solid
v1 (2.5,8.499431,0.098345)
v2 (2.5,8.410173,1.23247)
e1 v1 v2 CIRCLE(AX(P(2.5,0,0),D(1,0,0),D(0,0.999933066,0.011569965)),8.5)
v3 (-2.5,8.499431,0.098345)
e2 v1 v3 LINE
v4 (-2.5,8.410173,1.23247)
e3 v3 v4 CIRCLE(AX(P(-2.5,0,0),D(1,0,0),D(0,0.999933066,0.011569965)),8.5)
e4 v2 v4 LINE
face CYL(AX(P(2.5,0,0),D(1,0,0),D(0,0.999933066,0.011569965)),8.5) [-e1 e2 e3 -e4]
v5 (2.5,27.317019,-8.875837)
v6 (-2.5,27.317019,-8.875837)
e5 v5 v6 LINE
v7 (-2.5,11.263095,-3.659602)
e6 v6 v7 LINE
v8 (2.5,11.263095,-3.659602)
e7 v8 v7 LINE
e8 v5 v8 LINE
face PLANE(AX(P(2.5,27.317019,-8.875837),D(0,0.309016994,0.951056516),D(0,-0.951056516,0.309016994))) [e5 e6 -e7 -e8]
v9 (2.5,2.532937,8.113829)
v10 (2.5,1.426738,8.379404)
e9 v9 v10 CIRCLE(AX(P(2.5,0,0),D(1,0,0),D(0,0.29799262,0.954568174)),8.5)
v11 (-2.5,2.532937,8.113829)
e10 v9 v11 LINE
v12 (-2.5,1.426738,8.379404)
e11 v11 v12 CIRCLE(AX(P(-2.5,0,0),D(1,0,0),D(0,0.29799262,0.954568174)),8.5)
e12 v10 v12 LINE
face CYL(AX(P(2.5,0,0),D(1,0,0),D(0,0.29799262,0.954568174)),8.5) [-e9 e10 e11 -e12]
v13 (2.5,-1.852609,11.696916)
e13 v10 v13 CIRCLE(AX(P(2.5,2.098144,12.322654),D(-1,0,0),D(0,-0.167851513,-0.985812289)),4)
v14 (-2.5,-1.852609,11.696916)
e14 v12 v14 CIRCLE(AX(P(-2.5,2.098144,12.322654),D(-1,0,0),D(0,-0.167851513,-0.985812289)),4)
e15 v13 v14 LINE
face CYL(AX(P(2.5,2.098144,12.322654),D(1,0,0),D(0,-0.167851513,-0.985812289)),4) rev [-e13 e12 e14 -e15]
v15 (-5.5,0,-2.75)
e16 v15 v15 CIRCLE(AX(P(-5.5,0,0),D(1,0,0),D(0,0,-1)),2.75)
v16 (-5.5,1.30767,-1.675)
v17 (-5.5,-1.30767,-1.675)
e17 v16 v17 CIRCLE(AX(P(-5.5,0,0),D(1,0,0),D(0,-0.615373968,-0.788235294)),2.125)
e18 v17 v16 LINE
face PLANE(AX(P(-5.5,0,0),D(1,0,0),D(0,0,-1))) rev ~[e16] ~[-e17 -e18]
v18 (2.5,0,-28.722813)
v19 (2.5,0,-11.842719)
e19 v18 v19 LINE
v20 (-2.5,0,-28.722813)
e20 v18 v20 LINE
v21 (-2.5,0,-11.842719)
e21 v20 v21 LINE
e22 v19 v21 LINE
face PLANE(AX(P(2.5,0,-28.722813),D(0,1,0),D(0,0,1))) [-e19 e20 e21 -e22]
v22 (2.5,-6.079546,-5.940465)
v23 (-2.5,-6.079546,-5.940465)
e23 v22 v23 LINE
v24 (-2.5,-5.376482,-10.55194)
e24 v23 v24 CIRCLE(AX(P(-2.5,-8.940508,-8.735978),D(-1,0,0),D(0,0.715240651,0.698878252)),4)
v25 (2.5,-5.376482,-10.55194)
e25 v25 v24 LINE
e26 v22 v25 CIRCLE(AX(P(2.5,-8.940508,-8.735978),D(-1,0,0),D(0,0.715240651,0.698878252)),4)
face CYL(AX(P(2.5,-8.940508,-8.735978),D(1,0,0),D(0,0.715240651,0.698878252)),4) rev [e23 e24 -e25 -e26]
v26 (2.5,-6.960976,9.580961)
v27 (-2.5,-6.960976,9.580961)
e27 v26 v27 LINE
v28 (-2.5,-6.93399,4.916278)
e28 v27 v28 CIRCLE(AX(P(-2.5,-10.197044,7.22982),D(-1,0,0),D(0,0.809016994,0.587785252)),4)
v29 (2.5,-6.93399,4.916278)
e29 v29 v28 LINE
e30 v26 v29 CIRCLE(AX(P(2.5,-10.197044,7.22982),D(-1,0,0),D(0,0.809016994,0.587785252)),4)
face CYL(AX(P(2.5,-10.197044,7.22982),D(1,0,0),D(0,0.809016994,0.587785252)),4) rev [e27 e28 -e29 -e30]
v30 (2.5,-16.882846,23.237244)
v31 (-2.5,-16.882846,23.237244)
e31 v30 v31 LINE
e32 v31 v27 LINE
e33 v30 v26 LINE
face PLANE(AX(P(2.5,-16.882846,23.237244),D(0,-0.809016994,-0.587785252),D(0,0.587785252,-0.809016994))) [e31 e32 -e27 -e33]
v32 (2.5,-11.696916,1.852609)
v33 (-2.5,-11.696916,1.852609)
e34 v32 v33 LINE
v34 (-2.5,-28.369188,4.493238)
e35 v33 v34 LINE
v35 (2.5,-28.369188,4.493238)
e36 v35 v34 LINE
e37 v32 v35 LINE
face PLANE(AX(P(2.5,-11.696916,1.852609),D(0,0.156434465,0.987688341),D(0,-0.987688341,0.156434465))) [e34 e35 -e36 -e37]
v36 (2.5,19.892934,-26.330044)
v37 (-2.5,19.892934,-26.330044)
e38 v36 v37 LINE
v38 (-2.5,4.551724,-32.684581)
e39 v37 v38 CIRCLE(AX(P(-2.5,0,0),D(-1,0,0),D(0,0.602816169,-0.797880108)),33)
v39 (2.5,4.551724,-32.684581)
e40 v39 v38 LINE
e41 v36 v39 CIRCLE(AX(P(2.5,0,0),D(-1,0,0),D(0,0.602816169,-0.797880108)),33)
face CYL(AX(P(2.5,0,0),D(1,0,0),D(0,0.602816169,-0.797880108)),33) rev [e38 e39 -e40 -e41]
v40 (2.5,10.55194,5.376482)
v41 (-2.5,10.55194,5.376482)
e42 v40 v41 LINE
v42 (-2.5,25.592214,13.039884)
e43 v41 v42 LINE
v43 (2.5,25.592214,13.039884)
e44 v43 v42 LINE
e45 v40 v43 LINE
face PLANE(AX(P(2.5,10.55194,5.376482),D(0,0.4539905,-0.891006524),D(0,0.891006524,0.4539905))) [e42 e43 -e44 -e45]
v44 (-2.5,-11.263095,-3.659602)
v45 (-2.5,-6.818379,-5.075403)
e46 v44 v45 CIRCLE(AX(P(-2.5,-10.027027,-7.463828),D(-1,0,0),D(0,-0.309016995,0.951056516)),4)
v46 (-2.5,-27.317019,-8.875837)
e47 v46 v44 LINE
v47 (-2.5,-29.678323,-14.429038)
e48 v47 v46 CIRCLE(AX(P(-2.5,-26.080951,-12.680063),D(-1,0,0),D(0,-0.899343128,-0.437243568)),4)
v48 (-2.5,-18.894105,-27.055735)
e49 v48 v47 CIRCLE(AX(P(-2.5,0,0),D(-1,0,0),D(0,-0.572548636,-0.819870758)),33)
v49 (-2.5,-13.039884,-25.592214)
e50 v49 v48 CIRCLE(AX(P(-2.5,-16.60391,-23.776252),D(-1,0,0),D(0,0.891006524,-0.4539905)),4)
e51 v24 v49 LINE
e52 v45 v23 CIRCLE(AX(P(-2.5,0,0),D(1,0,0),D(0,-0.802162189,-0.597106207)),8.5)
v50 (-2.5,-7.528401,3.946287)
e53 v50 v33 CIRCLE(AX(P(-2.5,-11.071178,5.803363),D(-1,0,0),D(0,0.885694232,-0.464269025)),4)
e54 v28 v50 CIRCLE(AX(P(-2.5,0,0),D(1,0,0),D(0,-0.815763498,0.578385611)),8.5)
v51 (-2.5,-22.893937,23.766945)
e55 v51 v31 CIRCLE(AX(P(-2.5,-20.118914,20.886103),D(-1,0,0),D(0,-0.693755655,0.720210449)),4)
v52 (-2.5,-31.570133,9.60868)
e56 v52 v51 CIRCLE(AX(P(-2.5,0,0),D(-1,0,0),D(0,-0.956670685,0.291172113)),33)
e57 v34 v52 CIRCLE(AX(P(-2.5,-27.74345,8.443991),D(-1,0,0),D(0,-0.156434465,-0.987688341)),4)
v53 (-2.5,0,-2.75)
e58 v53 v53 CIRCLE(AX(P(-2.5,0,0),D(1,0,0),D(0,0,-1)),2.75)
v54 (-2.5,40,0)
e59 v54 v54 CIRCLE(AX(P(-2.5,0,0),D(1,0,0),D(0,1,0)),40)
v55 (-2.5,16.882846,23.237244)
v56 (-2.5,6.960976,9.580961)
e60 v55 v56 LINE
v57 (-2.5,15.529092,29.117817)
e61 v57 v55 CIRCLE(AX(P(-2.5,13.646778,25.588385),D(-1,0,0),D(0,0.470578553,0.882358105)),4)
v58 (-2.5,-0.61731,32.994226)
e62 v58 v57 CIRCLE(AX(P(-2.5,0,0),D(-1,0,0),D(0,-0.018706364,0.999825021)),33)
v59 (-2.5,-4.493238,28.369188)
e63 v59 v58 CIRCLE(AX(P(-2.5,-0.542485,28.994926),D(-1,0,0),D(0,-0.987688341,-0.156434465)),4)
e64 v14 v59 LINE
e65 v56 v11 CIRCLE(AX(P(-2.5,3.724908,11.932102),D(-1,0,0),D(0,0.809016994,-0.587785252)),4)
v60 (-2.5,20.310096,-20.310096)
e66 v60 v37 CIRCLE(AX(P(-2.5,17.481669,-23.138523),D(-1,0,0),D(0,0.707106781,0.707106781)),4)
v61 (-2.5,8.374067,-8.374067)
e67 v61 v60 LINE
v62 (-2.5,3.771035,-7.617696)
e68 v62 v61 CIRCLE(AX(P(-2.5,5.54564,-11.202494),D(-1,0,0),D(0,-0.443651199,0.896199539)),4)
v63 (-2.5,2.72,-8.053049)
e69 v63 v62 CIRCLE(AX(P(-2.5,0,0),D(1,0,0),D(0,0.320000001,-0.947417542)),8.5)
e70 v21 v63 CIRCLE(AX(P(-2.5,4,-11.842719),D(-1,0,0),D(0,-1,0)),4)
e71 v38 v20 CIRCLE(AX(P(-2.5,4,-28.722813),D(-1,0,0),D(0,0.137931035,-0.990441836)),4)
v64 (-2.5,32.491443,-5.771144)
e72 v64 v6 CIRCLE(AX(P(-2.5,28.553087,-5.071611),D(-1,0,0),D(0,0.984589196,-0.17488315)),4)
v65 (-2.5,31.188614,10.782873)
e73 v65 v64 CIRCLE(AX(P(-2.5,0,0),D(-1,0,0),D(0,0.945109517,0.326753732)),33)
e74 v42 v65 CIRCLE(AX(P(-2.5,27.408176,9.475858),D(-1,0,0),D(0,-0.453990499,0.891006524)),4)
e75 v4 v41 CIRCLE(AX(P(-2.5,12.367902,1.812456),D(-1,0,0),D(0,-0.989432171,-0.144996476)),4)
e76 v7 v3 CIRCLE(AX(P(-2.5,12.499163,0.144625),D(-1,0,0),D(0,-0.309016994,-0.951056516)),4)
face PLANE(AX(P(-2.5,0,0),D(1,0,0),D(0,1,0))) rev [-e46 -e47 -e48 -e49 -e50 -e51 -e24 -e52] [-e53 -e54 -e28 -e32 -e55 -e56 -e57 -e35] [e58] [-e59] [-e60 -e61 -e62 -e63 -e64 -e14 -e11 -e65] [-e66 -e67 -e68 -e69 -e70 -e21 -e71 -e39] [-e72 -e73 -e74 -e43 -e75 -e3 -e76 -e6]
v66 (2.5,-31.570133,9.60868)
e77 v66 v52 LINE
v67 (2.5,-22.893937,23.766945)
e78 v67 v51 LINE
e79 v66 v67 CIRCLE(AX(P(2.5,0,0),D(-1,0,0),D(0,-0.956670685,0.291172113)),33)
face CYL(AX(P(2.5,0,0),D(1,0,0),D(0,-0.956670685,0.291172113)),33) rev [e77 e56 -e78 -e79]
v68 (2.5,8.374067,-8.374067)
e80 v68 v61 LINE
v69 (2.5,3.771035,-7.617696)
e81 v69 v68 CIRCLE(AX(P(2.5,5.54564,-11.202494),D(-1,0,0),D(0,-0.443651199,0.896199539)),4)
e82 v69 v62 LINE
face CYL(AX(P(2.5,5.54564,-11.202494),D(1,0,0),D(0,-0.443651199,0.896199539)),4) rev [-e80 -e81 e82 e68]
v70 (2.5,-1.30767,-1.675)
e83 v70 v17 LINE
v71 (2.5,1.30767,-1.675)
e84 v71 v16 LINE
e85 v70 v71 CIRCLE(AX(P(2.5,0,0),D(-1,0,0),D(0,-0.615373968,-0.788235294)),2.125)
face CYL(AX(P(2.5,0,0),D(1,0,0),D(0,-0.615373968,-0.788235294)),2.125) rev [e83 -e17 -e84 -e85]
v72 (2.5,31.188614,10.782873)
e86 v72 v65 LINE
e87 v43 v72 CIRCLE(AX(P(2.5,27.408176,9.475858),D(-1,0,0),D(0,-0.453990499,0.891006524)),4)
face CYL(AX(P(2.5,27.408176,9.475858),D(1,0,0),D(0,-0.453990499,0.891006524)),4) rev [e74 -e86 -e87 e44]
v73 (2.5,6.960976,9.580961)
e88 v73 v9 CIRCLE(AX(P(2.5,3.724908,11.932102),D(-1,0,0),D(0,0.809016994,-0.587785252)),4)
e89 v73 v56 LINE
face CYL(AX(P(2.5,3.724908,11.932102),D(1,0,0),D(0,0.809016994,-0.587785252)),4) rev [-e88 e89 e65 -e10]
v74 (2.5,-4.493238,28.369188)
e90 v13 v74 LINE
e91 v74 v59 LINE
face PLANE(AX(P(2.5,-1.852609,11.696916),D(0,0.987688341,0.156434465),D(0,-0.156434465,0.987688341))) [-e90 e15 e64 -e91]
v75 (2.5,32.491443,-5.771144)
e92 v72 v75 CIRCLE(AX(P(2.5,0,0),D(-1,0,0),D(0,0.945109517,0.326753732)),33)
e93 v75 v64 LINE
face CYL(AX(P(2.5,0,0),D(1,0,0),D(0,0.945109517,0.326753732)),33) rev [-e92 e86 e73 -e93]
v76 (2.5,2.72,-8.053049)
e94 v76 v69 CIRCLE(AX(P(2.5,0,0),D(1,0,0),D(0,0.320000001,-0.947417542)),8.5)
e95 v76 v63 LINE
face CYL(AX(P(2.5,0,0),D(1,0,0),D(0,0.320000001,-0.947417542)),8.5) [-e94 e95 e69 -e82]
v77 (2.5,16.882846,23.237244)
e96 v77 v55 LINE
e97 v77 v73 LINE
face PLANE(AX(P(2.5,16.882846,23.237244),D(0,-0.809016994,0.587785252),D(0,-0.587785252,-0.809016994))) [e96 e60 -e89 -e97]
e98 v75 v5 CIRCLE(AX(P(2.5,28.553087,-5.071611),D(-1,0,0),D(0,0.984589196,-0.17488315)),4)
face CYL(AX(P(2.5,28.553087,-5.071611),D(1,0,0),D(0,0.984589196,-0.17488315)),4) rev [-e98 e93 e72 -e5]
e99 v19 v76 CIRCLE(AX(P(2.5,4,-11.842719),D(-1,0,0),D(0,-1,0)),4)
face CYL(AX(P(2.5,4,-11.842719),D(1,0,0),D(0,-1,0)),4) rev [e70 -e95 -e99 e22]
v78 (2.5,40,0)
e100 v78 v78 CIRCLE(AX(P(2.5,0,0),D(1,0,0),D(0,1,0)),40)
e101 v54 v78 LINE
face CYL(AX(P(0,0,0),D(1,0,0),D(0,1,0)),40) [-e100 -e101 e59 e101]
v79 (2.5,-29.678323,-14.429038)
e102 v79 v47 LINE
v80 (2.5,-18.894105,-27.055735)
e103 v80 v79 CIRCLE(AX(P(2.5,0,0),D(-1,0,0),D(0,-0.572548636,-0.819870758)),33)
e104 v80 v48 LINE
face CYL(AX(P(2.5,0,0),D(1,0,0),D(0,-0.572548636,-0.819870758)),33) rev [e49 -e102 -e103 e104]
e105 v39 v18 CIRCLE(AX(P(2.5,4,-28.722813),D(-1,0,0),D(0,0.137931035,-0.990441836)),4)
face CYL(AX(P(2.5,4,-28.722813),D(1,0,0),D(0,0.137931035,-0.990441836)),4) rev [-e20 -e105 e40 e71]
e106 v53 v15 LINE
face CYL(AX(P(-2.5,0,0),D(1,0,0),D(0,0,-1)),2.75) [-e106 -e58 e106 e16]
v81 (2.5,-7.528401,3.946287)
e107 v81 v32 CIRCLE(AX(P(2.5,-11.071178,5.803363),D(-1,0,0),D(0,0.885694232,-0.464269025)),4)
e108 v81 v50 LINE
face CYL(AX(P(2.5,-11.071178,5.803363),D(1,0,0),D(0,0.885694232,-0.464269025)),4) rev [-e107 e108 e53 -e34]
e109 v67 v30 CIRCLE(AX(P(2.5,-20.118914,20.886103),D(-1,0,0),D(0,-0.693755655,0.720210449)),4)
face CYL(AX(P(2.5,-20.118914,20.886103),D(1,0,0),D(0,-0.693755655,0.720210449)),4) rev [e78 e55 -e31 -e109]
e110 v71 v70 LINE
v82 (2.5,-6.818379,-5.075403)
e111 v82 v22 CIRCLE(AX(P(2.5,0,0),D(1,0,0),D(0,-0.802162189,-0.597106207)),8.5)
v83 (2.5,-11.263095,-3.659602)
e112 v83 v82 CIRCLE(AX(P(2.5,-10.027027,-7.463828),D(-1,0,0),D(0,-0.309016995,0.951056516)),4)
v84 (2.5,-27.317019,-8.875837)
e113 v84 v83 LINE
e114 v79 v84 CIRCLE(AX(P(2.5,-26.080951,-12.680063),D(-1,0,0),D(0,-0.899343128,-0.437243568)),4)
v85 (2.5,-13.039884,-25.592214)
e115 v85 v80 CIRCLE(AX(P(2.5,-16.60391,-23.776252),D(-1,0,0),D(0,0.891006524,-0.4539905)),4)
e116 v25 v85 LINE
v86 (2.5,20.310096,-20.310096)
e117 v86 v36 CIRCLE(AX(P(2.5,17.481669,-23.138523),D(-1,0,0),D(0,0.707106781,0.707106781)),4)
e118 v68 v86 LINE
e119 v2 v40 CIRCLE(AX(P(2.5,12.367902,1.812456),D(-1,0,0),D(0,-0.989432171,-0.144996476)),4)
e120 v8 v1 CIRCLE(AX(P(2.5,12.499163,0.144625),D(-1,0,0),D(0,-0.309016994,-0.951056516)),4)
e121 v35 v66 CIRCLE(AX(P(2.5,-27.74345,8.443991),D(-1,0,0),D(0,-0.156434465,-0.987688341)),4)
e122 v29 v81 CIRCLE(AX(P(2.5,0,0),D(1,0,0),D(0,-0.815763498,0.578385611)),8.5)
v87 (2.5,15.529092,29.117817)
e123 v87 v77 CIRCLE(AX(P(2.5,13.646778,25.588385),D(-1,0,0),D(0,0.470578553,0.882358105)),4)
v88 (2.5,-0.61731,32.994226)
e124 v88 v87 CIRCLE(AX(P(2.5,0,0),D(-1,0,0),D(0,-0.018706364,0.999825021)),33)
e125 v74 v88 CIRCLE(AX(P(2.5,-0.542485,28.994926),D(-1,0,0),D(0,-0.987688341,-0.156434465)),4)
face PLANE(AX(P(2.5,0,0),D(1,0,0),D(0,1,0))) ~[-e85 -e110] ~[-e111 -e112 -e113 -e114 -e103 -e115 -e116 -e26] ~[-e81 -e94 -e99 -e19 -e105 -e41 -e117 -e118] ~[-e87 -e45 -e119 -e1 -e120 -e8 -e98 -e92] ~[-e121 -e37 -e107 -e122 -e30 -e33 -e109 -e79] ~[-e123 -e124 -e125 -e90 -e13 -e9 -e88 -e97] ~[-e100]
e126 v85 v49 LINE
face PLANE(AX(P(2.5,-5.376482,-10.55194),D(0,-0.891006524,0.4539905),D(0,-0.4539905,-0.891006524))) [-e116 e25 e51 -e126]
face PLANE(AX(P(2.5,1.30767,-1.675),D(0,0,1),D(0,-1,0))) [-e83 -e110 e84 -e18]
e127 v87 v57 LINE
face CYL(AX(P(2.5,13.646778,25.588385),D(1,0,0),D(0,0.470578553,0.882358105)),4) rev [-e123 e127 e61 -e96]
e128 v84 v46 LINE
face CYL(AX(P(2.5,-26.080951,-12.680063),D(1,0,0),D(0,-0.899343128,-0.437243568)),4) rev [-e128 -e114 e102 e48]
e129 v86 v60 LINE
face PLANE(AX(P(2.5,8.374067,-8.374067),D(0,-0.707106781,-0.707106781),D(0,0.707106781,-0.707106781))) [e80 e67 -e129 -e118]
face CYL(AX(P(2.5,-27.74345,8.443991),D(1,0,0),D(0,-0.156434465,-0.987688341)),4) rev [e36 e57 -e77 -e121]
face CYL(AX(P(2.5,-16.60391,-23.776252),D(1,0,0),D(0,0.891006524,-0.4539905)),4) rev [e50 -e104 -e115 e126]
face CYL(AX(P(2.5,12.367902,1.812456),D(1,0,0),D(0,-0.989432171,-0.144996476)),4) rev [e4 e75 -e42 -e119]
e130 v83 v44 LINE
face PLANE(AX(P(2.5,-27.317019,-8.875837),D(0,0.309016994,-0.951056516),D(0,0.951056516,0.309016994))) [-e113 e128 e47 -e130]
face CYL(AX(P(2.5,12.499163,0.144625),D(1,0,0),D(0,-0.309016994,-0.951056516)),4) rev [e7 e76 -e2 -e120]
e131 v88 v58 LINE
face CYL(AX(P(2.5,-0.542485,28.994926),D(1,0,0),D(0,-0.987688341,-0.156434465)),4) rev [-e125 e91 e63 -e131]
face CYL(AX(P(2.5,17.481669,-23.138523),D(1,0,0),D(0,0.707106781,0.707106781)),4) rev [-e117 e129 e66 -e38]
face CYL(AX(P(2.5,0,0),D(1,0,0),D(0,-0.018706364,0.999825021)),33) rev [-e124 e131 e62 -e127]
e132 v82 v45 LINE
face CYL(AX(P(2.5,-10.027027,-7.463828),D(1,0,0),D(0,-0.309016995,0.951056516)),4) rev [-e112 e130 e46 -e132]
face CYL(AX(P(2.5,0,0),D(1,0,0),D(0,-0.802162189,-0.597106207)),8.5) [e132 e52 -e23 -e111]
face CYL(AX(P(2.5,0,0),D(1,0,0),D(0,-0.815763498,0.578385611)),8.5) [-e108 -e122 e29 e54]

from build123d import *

# Parameters (mm, degrees)
SKETCH3_W           = 5
SKETCH3_H           = 40
CUT_EXTRUDE1_DEPTH  = 5
CIRPATTERN1_COUNT   = 5
SKETCH8_R           = 2.75
BOSS_EXTRUDE1_DEPTH = 3
CUT_EXTRUDE2_REACH  = 10


with BuildPart() as part:
    # Sketch3 → Shape_Roue (revolve)
    with BuildSketch(Plane.XY):
        with Locations((0, 20)):
            Rectangle(SKETCH3_W, SKETCH3_H)
    revolve(axis=Axis((-2.5, 0, 0), (1, 0, 0)))

    # Sketch6 → Cut-Extrude1 (cut)
    with BuildSketch(Plane(origin=(2.5, 0, 0), x_dir=(0, 0, -1), z_dir=(1, 0, 0))):
        with BuildLine():
            Line((8.374067112, 8.374067112), (20.310096012, 20.310096012))
            ThreePointArc((20.310096012, 20.310096012), (23.415046761, 21.472099275), (26.330043569, 19.892933561))
            ThreePointArc((26.330043569, 19.892933561), (30.488024573, 12.628553268), (32.684580575, 4.551724138))
            ThreePointArc((32.684580575, 4.551724138), (31.740005351, 1.373871343), (28.722813233, 0))
            Line((28.722813233, 0), (11.842719282, 0))
            ThreePointArc((11.842719282, 0), (9.510338524, 0.750384638), (8.053049112, 2.72))
            ThreePointArc((8.053049112, 2.72), (7.852976026, 3.252809175), (7.617696081, 3.771035191))
            ThreePointArc((7.617696081, 3.771035191), (7.255426928, 6.194222796), (8.374067112, 8.374067112))
        make_face()
    cut_extrude1 = extrude(amount=-CUT_EXTRUDE1_DEPTH, mode=Mode.SUBTRACT)

    # CirPattern1: Cut-Extrude1 ×5 about axis
    cirpattern1_axis = Axis((0, 0, 0), (1, 0, 0))
    for i in range(1, CIRPATTERN1_COUNT):
        add(cut_extrude1.rotate(cirpattern1_axis, i * 360 / CIRPATTERN1_COUNT), mode=Mode.SUBTRACT)

    # Sketch8 → Boss-Extrude1 (add)
    with BuildSketch(Plane(origin=(-2.5, 0, 0), x_dir=(0, 0, -1), z_dir=(1, 0, 0))):
        Circle(SKETCH8_R)
    extrude(amount=-BOSS_EXTRUDE1_DEPTH)

    # Sketch7 → Cut-Extrude2 (cut, up to next)
    with BuildSketch(Plane(origin=(2.5, 0, 0), x_dir=(0, 0, -1), z_dir=(1, 0, 0)), mode=Mode.PRIVATE) as cut_extrude2_sk1:
        with BuildLine():
            Line((1.675, 1.307669683), (1.675, -1.307669683))
            ThreePointArc((1.675, -1.307669683), (-2.125, 0), (1.675, 1.307669683))
        make_face()
    cut_extrude2_tool1 = extrude(cut_extrude2_sk1.sketch, amount=-CUT_EXTRUDE2_REACH, mode=Mode.PRIVATE) & part.part
    add(cut_extrude2_tool1.solids().sort_by_distance((2.5, 0, 0.111388))[0], mode=Mode.SUBTRACT)


solid = part.part
